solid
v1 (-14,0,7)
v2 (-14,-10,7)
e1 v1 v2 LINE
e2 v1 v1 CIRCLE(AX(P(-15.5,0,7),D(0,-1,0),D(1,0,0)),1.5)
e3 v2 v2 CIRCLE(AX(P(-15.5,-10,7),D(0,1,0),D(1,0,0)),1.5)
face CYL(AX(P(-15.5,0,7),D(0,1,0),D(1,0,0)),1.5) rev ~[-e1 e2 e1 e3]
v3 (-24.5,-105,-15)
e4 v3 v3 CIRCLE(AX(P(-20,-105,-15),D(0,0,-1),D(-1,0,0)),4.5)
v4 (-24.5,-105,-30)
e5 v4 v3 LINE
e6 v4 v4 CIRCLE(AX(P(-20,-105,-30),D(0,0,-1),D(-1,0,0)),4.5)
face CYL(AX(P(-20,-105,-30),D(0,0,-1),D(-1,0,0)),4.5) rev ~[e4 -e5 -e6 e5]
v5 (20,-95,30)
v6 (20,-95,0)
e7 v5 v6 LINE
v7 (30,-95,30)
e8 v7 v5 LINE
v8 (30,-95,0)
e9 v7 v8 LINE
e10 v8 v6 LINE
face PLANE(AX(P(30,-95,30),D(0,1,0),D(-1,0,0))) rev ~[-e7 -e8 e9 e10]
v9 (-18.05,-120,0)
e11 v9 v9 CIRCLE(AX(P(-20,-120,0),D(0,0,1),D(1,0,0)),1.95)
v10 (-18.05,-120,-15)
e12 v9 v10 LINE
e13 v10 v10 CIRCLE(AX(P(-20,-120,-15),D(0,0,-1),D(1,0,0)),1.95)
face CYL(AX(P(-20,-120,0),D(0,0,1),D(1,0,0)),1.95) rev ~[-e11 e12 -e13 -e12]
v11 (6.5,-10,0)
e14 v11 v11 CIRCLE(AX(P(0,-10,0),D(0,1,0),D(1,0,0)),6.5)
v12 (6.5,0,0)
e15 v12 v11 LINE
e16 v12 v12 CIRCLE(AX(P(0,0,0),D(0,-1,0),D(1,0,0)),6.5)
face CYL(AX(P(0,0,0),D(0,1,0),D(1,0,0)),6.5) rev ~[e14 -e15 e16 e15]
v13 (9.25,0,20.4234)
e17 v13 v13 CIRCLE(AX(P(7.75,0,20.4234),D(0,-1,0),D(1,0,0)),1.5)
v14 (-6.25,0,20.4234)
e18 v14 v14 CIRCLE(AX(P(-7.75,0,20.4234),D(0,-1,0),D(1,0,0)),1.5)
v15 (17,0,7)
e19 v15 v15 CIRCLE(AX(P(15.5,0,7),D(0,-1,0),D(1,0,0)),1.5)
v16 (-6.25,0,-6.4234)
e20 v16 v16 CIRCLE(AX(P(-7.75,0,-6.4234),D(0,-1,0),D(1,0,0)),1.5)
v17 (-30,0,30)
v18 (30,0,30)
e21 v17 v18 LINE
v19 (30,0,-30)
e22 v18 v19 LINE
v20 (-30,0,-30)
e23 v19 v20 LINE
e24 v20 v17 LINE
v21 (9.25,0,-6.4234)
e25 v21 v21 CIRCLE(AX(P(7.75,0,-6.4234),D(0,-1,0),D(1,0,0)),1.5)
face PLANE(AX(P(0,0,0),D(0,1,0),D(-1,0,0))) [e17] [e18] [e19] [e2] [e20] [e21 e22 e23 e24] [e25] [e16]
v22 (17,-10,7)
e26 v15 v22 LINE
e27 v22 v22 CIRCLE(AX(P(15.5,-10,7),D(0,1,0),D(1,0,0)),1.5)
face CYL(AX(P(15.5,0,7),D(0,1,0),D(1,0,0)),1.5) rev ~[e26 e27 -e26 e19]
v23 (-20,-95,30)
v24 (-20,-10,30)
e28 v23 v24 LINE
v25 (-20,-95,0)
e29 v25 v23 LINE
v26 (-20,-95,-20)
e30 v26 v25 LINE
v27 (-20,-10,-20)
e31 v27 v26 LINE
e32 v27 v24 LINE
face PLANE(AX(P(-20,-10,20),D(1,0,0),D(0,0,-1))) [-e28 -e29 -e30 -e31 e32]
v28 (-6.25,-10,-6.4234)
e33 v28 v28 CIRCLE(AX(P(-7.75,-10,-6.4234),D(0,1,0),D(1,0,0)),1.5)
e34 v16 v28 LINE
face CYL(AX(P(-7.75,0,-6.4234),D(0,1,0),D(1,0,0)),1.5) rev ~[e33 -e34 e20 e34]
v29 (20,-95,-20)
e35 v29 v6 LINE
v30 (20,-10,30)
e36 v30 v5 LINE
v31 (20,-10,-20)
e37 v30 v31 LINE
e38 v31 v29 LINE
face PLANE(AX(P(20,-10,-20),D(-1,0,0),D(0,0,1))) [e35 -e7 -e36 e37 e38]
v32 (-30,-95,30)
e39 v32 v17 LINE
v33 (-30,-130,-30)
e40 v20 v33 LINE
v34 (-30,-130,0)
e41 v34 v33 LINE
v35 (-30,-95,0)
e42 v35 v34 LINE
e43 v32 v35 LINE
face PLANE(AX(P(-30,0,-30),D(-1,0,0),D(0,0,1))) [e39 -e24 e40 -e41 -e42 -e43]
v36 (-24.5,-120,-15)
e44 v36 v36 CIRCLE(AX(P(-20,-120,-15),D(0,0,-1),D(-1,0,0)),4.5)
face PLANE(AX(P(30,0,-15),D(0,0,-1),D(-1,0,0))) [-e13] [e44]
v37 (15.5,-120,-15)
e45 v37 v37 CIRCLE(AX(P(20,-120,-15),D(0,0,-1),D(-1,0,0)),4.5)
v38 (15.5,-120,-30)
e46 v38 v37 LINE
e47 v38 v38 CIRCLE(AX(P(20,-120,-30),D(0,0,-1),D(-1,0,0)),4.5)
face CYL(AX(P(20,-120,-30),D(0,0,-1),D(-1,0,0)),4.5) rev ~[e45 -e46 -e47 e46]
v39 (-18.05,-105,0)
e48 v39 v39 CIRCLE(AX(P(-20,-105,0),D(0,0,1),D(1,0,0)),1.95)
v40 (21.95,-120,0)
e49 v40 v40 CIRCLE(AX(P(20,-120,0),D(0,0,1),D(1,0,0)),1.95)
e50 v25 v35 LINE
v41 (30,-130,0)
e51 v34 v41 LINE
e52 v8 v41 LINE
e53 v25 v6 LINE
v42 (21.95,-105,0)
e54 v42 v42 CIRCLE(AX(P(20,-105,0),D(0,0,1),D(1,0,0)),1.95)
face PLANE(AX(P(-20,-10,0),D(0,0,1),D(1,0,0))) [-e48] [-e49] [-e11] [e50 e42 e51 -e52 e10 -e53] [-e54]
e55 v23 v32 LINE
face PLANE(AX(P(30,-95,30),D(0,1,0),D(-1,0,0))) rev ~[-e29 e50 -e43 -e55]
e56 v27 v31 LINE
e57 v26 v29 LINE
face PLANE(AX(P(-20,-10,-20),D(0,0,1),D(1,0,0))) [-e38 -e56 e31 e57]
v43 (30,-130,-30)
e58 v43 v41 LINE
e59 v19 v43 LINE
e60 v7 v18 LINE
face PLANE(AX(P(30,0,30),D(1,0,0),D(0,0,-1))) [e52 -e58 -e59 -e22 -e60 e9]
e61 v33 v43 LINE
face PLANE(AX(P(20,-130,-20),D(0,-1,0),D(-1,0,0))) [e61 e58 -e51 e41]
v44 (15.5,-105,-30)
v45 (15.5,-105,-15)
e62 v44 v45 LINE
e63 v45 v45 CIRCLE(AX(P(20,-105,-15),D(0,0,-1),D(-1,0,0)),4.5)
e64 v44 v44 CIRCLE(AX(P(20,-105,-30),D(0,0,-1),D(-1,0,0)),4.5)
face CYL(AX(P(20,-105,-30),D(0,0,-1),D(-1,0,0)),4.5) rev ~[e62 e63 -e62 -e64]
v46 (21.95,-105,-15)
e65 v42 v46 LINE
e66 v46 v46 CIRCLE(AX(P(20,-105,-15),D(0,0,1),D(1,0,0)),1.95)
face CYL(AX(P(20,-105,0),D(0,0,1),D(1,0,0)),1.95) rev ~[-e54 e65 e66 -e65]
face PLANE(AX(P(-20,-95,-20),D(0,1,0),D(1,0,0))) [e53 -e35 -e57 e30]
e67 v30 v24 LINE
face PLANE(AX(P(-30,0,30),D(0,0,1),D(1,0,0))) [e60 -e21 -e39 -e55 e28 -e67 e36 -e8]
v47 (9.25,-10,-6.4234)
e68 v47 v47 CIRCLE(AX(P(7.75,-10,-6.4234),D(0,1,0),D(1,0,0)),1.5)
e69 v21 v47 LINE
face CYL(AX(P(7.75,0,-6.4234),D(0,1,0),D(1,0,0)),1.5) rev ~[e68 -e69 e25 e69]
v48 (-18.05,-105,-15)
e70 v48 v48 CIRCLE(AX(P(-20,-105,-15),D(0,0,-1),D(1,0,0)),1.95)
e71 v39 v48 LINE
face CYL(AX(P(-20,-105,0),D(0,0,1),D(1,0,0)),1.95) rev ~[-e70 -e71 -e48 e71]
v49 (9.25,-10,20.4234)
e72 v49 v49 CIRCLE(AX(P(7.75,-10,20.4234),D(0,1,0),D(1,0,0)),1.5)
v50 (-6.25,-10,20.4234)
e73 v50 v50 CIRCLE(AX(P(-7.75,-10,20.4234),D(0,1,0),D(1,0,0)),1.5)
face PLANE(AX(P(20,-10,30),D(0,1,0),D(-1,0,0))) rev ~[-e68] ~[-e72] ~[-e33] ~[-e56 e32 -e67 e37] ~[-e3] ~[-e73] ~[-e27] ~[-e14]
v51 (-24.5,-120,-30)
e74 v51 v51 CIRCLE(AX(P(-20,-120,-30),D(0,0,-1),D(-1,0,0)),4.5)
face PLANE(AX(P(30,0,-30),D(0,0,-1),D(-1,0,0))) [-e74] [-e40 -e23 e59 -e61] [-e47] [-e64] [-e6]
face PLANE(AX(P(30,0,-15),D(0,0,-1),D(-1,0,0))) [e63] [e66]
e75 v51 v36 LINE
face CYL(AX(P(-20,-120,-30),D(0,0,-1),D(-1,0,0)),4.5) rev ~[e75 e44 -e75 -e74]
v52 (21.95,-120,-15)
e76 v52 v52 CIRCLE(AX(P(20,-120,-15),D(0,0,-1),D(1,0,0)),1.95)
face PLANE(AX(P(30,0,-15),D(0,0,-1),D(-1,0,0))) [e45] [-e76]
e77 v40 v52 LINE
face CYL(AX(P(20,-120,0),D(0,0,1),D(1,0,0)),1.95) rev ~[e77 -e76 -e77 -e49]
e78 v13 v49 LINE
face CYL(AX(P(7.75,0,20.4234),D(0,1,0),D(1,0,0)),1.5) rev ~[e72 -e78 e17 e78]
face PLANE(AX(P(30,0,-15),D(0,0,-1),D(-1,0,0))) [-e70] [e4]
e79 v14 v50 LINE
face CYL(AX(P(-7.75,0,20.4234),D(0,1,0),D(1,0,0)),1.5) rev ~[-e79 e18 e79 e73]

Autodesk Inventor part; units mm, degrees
ref_plane "YZ Plane" through (0, 0, 0) normal (1, 0, 0) x (0, 1, 0)
ref_plane "XZ Plane" through (0, 0, 0) normal (0, 1, 0) x (-1, 0, 0)
ref_plane "XY Plane" through (0, 0, 0) normal (0, 0, 1) x (1, 0, 0)
sketch "Sketch1" plane through (0, 0, 0) normal (0, 1, 0) x (-1, 0, 0)
  line L0 (30, 30) -> (-30, 30)
  line L1 (-30, 30) -> (-30, -30)
  line L2 (-30, -30) -> (30, -30)
  line L3 (30, -30) -> (30, 30)
  circle A0 centre (0, 0) radius 2.0484
  dimension "d0" = 60
  dimension "d1" = 60
  dimension "d2" = 30
  dimension "d3" = 30
extrude "Extrusion1" add sketch "Sketch1" against normal blind 10
sketch "Sketch2" plane through (0, -10, 0) normal (0, -1, 0) x (1, 0, 0)
  line L0 (30, -30) -> (30, 30) projected
  line L1 (-30, 30) -> (-30, -30) projected
  line L2 (30, 30) -> (-30, 30)
  line L3 (-30, 30) -> (-30, -30)
  line L4 (-30, -30) -> (30, -30)
  line L5 (30, -30) -> (30, 30)
  line L6 (20, 20) -> (-20, 20)
  line L7 (-20, 20) -> (-20, -20)
  line L8 (-20, -20) -> (20, -20)
  line L9 (20, -20) -> (20, 20)
  point P0 (0, 0)
  dimension "d6" = 10
  dimension "d7" = 10
  dimension "d8" = 10
  dimension "d9" = 10
extrude "Extrusion2" add sketch "Sketch2" along normal blind 120
sketch "Sketch3" plane through (-30, 0, 30) normal (0, 0, 1) x (1, 0, 0)
  point P0 (30, 0)
sketch "Sketch4" plane through (-30, 0, 30) normal (0, 0, 1) x (1, 0, 0)
  line L0 (50, -10) -> (10, -10) projected
  line L1 (50, -10) -> (50, -130) projected
  line L2 (10, -10) -> (50, -10)
  line L3 (50, -10) -> (50, -95)
  line L4 (50, -95) -> (10, -95)
  line L5 (10, -95) -> (10, -10)
  point P0 (30, 0)
  dimension "d12" = 85
extrude "Extrusion3" cut sketch "Sketch4" against normal blind 10
sketch "Sketch5" plane through (-30, 0, 30) normal (0, 0, 1) x (1, 0, 0)
  line L0 (60, 0) -> (60, -130) projected
  line L1 (60, -130) -> (0, -130) projected
  line L2 (60, -95) -> (0, -95)
  line L3 (0, -95) -> (0, -130)
  line L4 (0, -130) -> (60, -130)
  line L5 (60, -130) -> (60, -95)
  point P0 (30, 0)
  dimension "d16" = 35
extrude "Extrusion4" cut sketch "Sketch5" against normal blind 30
sketch "Sketch6" plane through (-20, -10, -20) normal (0, 0, 1) x (1, 0, 0)
  line L0 (-10, -85) -> (0, -85) projected
  line L1 (0, -85) -> (40, -85)
  line L2 (40, -85) -> (40, -120)
  line L3 (40, -120) -> (0, -120)
  line L4 (0, -120) -> (0, -85)
  point P0 (20, 10)
extrude "Extrusion5" add sketch "Sketch6" along normal blind 20
sketch "Sketch7" plane through (-30, 0, 0) normal (0, 0, 1) x (1, 0, 0)
  circle A0 centre (10, -105) radius 1.95
  circle A1 centre (10, -120) radius 1.95
  circle A2 centre (50, -105) radius 1.95
  circle A3 centre (50, -120) radius 1.95
  line L0 (60, -95) -> (60, -130) projected
  line L1 (60, -130) -> (0, -130) projected
  line L2 (50, -95) -> (60, -95) projected
  line L3 (50, -95) -> (10, -95) projected
  line L4 (0, -130) -> (0, -95) projected
  point P0 (30, 0)
  dimension "d21" = 10
  dimension "d22" = 10
  dimension "d23" = 10
  dimension "d24" = 10
  dimension "d25" = 10
  dimension "d26" = 10
  dimension "d27" = 10
  dimension "d28" = 10
  dimension "d29" = 3.9
  dimension "d30" = 3.9
  dimension "d31" = 3.9
  dimension "d32" = 3.9
extrude "Extrusion6" cut sketch "Sketch7" against normal blind 35
sketch "Sketch8" plane through (30, 0, -30) normal (0, 0, -1) x (-1, 0, 0)
  circle A0 centre (10, -105) radius 1.95 projected
  circle A1 centre (10, -105) radius 4.5
  circle A2 centre (10, -120) radius 1.95 projected
  circle A3 centre (10, -120) radius 4.5
  circle A4 centre (50, -105) radius 1.95 projected
  circle A5 centre (50, -105) radius 4.5
  circle A6 centre (50, -120) radius 1.95 projected
  circle A7 centre (50, -120) radius 4.5
  point P0 (30, 0)
  dimension "d35" = 9
  dimension "d36" = 9
  dimension "d37" = 9
  dimension "d38" = 9
extrude "Extrusion7" cut sketch "Sketch8" against normal blind 15 contours A0 | A1 | A3 | A5 | A7
sketch "Sketch9" plane through (0, 0, 0) normal (0, 1, 0) x (1, 0, 0)
  circle A0 centre (0, 0) radius 6.5
  circle A1 centre (0, -7) radius 15.5
  line L0 (30, -30) -> (30, 30) projected
  line L1 (0, -7) -> (-17.1994, -7)
  line L2 (-17.1994, -7) -> (16.6076, -7)
  line L3 (0, -7) -> (-8.5199, -21.7569)
  line L4 (0, -7) -> (9.3939, -23.2707)
  line L5 (0, -7) -> (10.7829, 11.6765)
  line L6 (0, -7) -> (-10.6515, 11.4489)
  circle A2 centre (7.75, 6.4234) radius 1.5
  circle A3 centre (-7.75, 6.4234) radius 1.5
  circle A4 centre (-15.5, -7) radius 1.5
  circle A5 centre (-7.75, -20.4234) radius 1.5
  circle A6 centre (7.75, -20.4234) radius 1.5
  circle A7 centre (15.5, -7) radius 1.5
  dimension "d44" = 13
  dimension "d45" = 31
  dimension "d46" = 7
  dimension "d47" = 30
  dimension "d48" = 60
  dimension "d49" = 60
  dimension "d50" = 60
  dimension "d51" = 60
  dimension "d52" = 3
  dimension "d53" = 3
  dimension "d54" = 3
  dimension "d55" = 3
  dimension "d56" = 3
  dimension "d57" = 3
extrude "Extrusion8" cut sketch "Sketch9" against normal blind 10 contours A0 L5 | L5 A0 L6 | L6 A0 | A2 A1 L5 | L5 A1 A2 | A3 A1 L6 | L6 A1 A3 | L5 A2 A1 | A1 A2 L5 | A4 A1 L1 | L1 A1 A4 | A7 A1 L2 | L2 A1 A7 | A5 A1 L3 | L3 A1 A5 | A6 A1 L4 | L4 A1 A6 | L6 A3 A1 | A1 A3 L6 | A7 A1 | L1 A4 A1 | A1 A4 L1 | L3 A5 A1 | A1 A5 L3 | L4 A6 A1 | A1 A6 L4 picked at (0.3591, 1.0442)
properties part number "Base_V2c"
